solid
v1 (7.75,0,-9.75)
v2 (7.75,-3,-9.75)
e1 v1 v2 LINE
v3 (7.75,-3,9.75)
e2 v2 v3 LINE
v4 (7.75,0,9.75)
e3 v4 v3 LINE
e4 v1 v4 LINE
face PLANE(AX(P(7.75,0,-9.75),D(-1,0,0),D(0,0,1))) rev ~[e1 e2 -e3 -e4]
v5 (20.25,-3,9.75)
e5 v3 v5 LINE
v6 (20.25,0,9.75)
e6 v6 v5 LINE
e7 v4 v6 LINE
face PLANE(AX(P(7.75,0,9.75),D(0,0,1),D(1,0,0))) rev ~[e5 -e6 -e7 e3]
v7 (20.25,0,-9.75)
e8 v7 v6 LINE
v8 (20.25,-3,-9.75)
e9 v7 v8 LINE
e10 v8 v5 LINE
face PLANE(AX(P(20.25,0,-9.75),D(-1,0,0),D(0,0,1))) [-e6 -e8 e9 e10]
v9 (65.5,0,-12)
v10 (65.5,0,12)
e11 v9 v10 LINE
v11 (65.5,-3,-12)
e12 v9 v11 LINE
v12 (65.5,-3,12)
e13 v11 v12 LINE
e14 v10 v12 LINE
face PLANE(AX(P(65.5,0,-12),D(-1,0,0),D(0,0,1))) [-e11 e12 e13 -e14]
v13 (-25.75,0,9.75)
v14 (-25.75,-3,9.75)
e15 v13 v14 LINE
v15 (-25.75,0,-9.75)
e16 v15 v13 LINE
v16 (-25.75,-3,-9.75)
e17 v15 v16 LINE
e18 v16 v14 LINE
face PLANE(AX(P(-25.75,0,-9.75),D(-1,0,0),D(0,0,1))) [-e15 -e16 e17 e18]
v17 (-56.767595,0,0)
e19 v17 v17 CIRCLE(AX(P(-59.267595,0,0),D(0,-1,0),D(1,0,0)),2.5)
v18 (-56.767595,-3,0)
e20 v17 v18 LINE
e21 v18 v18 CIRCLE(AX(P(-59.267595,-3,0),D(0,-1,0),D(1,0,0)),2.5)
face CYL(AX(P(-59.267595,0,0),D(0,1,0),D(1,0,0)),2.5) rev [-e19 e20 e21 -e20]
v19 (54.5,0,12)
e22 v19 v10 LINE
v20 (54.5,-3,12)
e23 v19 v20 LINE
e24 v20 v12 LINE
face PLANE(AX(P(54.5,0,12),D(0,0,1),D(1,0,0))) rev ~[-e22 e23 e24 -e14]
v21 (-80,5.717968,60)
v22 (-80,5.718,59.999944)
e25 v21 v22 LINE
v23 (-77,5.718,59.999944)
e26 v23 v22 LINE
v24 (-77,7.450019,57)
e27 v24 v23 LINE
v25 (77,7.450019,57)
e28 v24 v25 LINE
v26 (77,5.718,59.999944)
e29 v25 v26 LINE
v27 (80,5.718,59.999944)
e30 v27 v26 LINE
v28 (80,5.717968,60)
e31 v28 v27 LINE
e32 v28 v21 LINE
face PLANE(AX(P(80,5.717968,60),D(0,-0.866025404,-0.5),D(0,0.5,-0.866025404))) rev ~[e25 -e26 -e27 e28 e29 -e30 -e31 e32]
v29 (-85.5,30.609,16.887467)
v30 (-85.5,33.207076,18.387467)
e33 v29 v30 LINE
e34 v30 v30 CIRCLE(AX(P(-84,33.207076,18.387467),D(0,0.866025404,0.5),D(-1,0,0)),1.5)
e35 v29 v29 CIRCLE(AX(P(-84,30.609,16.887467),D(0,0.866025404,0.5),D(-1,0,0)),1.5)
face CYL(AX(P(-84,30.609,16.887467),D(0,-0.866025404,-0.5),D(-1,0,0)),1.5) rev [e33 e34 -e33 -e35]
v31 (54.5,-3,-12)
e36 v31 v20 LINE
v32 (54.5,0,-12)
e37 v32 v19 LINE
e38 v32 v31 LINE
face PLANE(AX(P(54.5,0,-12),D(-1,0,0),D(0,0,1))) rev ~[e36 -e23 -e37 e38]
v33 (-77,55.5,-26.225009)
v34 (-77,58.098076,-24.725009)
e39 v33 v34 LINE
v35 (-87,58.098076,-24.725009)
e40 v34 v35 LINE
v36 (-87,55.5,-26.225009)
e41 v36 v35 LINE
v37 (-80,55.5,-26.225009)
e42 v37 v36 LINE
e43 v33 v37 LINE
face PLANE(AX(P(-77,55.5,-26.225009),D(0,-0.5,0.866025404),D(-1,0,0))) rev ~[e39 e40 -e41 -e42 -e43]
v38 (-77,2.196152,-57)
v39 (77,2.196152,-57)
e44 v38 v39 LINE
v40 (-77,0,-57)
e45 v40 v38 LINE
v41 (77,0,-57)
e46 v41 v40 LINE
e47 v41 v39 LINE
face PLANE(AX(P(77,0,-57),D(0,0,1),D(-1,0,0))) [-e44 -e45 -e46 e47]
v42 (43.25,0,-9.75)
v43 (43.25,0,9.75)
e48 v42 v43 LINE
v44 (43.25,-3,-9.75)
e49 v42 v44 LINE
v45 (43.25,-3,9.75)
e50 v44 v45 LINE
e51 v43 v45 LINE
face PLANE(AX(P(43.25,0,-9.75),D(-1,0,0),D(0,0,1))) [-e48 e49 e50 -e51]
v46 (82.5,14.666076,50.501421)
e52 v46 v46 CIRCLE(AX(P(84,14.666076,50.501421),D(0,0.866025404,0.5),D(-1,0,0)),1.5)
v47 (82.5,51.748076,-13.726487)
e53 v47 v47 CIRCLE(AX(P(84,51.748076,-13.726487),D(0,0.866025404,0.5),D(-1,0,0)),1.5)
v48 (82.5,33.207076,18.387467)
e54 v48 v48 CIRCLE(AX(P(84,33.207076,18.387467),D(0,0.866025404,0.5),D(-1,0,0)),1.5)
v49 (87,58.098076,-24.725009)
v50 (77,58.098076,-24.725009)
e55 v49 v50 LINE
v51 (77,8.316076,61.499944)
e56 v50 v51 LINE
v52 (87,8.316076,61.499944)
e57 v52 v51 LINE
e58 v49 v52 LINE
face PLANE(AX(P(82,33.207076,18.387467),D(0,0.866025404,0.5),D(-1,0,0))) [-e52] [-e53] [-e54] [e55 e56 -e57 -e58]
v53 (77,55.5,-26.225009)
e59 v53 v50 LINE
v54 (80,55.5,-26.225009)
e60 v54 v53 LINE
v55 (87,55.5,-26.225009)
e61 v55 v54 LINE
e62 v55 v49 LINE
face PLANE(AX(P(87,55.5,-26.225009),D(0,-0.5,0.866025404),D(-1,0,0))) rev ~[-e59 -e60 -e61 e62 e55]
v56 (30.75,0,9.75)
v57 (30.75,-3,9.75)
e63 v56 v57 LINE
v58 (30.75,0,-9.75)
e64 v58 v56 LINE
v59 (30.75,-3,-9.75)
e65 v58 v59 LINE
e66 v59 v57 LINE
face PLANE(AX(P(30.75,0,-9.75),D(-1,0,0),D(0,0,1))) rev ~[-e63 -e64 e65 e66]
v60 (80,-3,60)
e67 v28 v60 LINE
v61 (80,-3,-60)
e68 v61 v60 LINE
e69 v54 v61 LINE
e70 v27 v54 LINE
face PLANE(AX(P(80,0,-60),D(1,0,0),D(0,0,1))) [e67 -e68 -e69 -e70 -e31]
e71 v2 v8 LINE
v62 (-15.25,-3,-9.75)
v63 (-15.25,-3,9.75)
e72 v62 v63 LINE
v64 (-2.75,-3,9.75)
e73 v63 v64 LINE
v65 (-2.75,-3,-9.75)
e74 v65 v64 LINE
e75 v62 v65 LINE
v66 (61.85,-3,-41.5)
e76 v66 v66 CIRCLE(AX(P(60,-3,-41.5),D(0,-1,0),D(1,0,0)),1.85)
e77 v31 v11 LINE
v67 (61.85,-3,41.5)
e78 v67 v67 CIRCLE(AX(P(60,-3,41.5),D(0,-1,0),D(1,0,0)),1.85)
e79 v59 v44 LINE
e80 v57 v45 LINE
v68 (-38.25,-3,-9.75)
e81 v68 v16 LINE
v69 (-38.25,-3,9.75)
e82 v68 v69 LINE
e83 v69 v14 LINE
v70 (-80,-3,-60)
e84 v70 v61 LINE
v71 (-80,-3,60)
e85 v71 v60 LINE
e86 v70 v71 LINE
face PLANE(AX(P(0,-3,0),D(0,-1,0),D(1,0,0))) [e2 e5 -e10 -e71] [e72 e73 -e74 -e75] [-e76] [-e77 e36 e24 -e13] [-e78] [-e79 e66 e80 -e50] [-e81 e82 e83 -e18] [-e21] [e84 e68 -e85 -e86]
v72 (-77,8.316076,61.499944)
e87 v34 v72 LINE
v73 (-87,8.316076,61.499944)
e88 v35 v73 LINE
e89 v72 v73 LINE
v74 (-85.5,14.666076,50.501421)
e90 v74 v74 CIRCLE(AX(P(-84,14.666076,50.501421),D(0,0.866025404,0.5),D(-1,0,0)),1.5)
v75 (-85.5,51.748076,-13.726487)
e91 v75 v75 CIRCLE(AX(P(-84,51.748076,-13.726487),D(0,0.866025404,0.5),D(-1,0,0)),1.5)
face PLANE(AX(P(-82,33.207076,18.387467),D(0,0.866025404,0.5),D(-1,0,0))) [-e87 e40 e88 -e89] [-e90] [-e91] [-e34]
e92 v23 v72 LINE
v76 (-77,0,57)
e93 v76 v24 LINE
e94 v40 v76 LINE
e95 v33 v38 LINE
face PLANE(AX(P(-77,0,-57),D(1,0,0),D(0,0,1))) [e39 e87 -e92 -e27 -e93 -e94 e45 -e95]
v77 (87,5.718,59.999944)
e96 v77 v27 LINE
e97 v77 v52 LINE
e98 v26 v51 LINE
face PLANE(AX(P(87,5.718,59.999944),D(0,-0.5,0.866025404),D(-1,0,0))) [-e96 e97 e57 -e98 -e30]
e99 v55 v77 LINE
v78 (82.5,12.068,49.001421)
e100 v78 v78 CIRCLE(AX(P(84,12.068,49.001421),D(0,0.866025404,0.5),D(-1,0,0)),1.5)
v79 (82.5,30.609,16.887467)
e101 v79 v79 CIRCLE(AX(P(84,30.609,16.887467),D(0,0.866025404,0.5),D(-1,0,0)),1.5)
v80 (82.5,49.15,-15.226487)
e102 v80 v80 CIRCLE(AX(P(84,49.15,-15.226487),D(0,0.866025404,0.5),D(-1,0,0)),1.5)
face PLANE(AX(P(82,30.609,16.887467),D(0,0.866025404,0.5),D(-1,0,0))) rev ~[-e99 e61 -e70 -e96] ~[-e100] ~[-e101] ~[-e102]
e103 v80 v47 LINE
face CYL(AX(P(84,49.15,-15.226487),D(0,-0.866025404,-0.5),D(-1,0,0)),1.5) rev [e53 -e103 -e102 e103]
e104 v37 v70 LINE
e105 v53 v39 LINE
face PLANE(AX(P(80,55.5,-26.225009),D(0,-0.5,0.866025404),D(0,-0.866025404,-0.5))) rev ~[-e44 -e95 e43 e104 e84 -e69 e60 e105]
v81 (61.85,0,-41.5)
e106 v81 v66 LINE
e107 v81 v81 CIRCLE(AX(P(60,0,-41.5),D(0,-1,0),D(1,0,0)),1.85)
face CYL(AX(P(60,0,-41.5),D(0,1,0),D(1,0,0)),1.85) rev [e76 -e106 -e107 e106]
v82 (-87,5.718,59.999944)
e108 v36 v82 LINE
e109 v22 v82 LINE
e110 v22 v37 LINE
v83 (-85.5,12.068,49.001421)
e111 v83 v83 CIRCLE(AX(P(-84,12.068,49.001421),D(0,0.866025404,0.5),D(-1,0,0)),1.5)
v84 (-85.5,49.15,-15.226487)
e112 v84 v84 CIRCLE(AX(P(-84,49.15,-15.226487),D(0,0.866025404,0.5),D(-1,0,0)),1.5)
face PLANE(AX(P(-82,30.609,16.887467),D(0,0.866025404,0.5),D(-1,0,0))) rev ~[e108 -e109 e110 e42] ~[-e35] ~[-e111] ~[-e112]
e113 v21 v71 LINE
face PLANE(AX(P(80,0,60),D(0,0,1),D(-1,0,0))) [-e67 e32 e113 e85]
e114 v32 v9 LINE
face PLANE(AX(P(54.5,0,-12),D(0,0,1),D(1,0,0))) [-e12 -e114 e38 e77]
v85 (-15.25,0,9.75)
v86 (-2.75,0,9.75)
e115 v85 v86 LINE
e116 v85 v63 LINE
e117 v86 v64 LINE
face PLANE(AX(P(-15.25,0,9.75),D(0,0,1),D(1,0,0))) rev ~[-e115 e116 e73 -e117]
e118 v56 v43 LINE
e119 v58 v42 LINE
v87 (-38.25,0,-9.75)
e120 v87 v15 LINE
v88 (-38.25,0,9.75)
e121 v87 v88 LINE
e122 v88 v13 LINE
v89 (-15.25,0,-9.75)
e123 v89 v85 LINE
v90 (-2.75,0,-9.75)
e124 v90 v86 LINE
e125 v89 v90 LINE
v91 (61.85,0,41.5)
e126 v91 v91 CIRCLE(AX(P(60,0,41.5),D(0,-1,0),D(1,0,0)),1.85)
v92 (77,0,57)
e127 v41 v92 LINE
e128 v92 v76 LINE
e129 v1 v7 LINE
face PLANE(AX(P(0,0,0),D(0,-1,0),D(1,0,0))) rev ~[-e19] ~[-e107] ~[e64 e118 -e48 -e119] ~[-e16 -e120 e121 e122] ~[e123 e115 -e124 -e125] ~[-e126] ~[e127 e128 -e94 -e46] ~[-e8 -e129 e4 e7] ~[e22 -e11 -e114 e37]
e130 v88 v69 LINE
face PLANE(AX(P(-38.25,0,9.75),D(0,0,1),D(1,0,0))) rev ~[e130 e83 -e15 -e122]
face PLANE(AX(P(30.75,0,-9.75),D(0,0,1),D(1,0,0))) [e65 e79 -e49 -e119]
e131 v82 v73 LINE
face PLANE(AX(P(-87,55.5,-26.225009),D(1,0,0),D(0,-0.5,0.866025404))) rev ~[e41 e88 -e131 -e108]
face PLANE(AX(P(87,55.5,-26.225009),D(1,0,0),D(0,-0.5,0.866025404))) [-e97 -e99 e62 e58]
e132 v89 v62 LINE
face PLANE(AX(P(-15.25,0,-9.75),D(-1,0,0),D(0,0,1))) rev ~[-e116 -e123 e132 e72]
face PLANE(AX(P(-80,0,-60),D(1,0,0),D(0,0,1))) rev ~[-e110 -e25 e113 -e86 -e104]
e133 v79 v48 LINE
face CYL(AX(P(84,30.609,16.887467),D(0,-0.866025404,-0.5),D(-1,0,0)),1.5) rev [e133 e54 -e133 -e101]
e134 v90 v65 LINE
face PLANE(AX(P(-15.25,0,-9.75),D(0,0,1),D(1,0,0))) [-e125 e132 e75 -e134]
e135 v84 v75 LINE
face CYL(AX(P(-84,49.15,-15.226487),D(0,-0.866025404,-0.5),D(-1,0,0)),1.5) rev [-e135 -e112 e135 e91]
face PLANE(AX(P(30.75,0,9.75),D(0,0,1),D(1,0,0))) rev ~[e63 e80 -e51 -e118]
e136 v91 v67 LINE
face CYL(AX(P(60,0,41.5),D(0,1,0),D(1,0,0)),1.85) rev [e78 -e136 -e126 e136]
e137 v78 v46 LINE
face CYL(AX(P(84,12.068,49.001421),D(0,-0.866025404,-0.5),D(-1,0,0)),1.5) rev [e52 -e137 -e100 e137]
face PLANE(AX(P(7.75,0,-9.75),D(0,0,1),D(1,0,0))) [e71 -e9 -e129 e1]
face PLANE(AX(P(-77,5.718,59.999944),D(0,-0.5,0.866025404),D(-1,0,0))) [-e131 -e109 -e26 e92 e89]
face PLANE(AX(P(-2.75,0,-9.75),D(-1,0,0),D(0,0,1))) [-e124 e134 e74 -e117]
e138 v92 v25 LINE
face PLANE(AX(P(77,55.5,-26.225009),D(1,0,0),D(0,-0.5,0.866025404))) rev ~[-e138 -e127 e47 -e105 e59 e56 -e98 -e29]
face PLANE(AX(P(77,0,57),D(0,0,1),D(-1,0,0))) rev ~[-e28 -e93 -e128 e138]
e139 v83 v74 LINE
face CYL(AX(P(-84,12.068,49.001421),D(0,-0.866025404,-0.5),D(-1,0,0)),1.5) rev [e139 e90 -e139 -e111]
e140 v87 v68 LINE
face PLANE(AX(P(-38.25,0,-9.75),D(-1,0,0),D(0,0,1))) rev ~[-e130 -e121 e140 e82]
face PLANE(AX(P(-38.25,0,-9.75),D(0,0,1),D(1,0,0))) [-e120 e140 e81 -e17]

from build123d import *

# Parameters (mm, degrees)
F0_W     = 160
F0_H     = 120
F0_R     = 1.85
F0_R_2   = 2.5
F0_W_2   = 12.5
F0_H_2   = 19.5
F0_W_3   = 11
F0_H_3   = 24
F1_DEPTH = 3
F2_W     = 160
F2_H     = 120
F2_W_2   = 154
F2_H_2   = 114
F3_DEPTH = 75
F5_DEPTH = 160.001
F6_W     = 10
F6_H     = 99.564
F6_R     = 1.5
F7_DEPTH = 3


with BuildPart() as f1:
    # F0 (on Front) → F1 (new body)
    with BuildSketch(Plane.XZ):
        Rectangle(F0_W, F0_H)
        with Locations((60, -41.5)):
            Circle(F0_R, mode=Mode.SUBTRACT)
        with Locations((-59.2675954103, 0)):
            Circle(F0_R_2, mode=Mode.SUBTRACT)
        with Locations((-32, 0)):
            Rectangle(F0_W_2, F0_H_2, mode=Mode.SUBTRACT)
        with Locations((-9, 0)):
            Rectangle(F0_W_2, F0_H_2, mode=Mode.SUBTRACT)
        with Locations((14, 0)):
            Rectangle(F0_W_2, F0_H_2, mode=Mode.SUBTRACT)
        with Locations((37, 0)):
            Rectangle(F0_W_2, F0_H_2, mode=Mode.SUBTRACT)
        with Locations((60, 0)):
            Rectangle(F0_W_3, F0_H_3, mode=Mode.SUBTRACT)
        with Locations((60, 41.5)):
            Circle(F0_R, mode=Mode.SUBTRACT)
    extrude(amount=F1_DEPTH)

    # F2 (on face) → F3 (join)
    with BuildSketch(Plane(origin=(0, 0, 0), x_dir=(-1, 0, 0), z_dir=(0, 1, 0))):
        Rectangle(F2_W, F2_H)
        Rectangle(F2_W_2, F2_H_2, mode=Mode.SUBTRACT)
    extrude(amount=F3_DEPTH)

    # F4 (on face) → F5 (cut, through all)
    with BuildSketch(Plane.YZ.offset(80)):
        Polygon((75, 60), (5.7179676972, 60), (55.5, -26.2250092524), (-3, -60), (75, -60), align=None)
    extrude(amount=-F5_DEPTH, mode=Mode.SUBTRACT)

    # F6 (on face) → F7 (join)
    with BuildSketch(Plane(origin=(0, 30.2692378865, 17.4759526419), x_dir=(-1, 0, 0), z_dir=(0, 0.8660254038, 0.5))):
        with Locations((-82, -0.6795242271)):
            Rectangle(F6_W, F6_H)
        with Locations((-84, -37.7615242271)):
            Circle(F6_R, mode=Mode.SUBTRACT)
        with Locations((-84, -0.6795242271)):
            Circle(F6_R, mode=Mode.SUBTRACT)
        with Locations((-84, 36.4024757729)):
            Circle(F6_R, mode=Mode.SUBTRACT)
        with Locations((82, -0.6795242271)):
            Rectangle(F6_W, F6_H)
        with Locations((84, -37.7615242271)):
            Circle(F6_R, mode=Mode.SUBTRACT)
        with Locations((84, -0.6795242271)):
            Circle(F6_R, mode=Mode.SUBTRACT)
        with Locations((84, 36.4024757729)):
            Circle(F6_R, mode=Mode.SUBTRACT)
    extrude(amount=F7_DEPTH)


solid = f1.part
